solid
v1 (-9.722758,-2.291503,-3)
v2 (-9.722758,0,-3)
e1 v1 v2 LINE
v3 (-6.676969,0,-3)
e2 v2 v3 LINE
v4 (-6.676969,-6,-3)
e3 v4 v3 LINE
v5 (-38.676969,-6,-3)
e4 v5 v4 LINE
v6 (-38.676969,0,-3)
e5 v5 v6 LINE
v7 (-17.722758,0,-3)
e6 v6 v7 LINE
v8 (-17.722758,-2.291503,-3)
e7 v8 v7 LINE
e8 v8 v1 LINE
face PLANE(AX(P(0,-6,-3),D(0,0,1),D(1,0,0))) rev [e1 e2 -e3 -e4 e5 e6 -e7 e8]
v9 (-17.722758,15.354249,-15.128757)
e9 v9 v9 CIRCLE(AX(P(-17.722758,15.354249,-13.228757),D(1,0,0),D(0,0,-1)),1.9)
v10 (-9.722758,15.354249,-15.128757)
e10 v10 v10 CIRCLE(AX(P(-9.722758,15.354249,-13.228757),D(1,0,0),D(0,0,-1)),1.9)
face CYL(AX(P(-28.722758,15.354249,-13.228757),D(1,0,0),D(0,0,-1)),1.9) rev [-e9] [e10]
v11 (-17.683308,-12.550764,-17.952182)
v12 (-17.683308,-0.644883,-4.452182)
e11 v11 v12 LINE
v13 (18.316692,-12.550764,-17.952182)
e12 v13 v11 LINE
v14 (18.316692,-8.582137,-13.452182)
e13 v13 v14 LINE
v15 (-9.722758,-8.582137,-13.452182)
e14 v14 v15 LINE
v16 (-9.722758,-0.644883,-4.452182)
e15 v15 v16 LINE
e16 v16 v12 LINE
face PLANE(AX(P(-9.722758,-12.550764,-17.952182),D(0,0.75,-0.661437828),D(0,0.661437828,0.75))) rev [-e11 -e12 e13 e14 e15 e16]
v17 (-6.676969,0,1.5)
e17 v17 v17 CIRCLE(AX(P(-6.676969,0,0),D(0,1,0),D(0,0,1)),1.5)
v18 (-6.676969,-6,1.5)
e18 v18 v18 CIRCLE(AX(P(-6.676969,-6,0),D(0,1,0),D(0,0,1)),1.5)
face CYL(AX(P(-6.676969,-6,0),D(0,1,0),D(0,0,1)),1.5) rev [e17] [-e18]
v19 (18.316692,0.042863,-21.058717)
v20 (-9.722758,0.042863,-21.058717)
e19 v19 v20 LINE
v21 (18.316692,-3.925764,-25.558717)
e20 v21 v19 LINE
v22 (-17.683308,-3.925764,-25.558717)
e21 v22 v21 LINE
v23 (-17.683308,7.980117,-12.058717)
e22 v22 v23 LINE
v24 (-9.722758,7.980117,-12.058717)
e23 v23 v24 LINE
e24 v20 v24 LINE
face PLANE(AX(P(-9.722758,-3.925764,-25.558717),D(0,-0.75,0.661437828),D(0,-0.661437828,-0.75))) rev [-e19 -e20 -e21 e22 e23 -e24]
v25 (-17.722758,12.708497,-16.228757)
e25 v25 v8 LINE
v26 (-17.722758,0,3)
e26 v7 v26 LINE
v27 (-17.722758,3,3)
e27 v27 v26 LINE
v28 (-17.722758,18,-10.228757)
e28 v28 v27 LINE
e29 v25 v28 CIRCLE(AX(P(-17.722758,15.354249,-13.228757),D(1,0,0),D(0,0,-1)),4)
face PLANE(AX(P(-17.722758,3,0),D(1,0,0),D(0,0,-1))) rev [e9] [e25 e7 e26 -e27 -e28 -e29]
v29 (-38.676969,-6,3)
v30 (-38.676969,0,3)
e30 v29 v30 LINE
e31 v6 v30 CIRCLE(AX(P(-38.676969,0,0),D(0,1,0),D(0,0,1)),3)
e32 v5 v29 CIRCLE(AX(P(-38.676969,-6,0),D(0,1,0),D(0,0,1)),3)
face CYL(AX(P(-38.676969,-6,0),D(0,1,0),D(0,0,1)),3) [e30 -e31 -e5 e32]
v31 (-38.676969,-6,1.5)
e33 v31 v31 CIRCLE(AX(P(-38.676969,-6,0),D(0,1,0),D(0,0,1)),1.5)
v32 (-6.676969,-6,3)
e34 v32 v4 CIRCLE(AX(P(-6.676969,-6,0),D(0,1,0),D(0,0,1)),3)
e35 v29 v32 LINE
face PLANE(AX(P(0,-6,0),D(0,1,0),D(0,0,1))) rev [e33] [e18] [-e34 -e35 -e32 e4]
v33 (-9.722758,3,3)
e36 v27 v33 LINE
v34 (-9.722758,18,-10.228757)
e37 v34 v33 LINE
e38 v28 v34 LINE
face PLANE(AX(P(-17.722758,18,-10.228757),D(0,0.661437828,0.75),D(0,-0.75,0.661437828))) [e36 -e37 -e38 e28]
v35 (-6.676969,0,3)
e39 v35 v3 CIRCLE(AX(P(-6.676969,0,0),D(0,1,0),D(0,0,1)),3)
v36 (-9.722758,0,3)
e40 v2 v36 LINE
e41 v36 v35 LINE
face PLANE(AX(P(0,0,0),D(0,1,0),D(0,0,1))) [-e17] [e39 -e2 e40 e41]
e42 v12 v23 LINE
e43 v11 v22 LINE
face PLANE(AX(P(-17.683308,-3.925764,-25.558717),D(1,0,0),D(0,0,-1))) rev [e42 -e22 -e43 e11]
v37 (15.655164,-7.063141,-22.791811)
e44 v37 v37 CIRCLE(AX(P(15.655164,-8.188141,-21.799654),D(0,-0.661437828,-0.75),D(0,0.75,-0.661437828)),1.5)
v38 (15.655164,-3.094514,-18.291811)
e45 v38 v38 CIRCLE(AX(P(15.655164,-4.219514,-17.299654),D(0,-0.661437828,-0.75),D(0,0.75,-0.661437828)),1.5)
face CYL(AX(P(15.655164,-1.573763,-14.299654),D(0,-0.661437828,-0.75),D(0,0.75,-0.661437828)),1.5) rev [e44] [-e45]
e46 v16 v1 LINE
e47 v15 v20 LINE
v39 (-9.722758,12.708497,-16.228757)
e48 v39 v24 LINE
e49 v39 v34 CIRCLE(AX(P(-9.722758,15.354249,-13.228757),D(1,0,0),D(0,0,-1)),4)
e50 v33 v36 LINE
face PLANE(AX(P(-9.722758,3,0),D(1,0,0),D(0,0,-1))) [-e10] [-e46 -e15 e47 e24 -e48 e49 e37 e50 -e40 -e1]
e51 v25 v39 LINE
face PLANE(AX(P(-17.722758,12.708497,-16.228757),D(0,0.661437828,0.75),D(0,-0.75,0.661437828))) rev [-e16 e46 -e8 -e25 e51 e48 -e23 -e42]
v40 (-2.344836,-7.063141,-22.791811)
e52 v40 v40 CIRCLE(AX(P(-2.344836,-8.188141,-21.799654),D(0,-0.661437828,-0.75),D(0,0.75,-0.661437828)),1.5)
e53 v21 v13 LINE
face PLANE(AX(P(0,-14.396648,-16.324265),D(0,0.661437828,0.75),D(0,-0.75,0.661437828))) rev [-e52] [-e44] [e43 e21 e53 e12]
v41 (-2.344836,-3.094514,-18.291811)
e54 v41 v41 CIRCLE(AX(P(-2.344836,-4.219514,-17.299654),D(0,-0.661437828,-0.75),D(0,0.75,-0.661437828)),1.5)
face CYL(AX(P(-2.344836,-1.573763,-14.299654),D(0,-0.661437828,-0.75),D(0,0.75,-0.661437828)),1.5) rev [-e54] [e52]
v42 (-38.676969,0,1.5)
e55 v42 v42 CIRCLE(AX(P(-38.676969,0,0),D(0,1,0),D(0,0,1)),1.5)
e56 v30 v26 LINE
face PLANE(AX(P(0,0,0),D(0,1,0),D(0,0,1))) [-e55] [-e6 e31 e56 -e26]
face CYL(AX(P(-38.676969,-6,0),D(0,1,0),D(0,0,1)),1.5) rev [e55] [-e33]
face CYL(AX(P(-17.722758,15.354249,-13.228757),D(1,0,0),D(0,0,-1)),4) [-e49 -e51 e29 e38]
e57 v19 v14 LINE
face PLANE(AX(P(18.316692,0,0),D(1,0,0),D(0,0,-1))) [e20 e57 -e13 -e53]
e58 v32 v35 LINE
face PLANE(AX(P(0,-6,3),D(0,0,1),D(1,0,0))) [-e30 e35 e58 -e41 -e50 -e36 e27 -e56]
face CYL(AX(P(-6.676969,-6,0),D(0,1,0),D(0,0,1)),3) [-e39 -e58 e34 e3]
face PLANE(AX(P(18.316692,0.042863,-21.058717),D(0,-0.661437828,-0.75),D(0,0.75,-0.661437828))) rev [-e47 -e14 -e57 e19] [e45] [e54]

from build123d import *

# Parameters (mm, degrees)
SKETCH_1_R          = 1.5
EXTRUDE_2_DEPTH     = 6
SKETCH_1_4_W        = 8
SKETCH_1_4_H        = 6
EXTRUDE_3_DEPTH     = 3
EXTRUDE_28_DEPTH    = 8
SKETCH_4_W          = 7.960549586
SKETCH_4_H          = 11.5
EXTRUDE_29_DEPTH    = 18
EXTRUDE_30_DEPTH    = 36
SKETCH_8_R          = 1.9
CUT_EXTRUDE_2_DEPTH = 19
SKETCH_7_R          = 1.5
CUT_EXTRUDE_3_DEPTH = 10


with BuildPart() as part:
    # 草圖1 → 填料-伸長2 (new body)
    with BuildSketch(Plane(origin=(0, 0, 0), x_dir=(1, 0, 0), z_dir=(0, 1, 0))):
        with BuildLine():
            Line((-38.676968887, -3), (-6.676968887, -3))
            ThreePointArc((-6.676968887, -3), (-3.676968887, 0), (-6.676968887, 3))
            Line((-6.676968887, 3), (-38.676968887, 3))
            ThreePointArc((-38.676968887, 3), (-41.676968887, 0), (-38.676968887, -3))
        make_face()
        with Locations((-38.676968887, 0)):
            Circle(SKETCH_1_R, mode=Mode.SUBTRACT)
        with Locations((-6.676968887, 0)):
            Circle(SKETCH_1_R, mode=Mode.SUBTRACT)
    extrude(amount=-EXTRUDE_2_DEPTH)

    # 草圖1<4> → 填料-伸長3 (add)
    with BuildSketch(Plane(origin=(0, 0, 0), x_dir=(1, 0, 0), z_dir=(0, 1, 0))):
        with Locations((-13.722758256, 0)):
            Rectangle(SKETCH_1_4_W, SKETCH_1_4_H)
    extrude(amount=EXTRUDE_3_DEPTH)

    # 草圖3 → 填料-伸長28 (add)
    with BuildSketch(Plane(origin=(-9.722758256, 0, 0), x_dir=(0, 0, -1), z_dir=(1, 0, 0))):
        with BuildLine():
            Line((3, -2.291502622), (16.228756555, 12.708497378))
            ThreePointArc((16.228756555, 12.708497378), (15.874507866, 18.354248689), (10.228756555, 18))
            Line((10.228756555, 18), (-3, 3))
            Line((-3, 3), (3, -2.291502622))
        make_face()
    extrude(amount=-EXTRUDE_28_DEPTH)

    # 草圖4 → 填料-伸長29 (add)
    with BuildSketch(Plane(origin=(0, -2.49076751, -2.824264888), x_dir=(-1, 0, 0), z_dir=(0, -0.6614378277661491, -0.7499999999999987))):
        with Locations((13.703033049, 8.211179299)):
            Rectangle(SKETCH_4_W, SKETCH_4_H)
    extrude(amount=EXTRUDE_29_DEPTH)

    # 草圖6 → 填料-伸長30 (add)
    with BuildSketch(Plane.ZY.offset(17.683307842)):
        Polygon((-25.558716996, -3.925763935), (-17.952181977, -12.550763935), (-13.452181977, -8.582136969), (-21.058716996, 0.042863031), align=None)
    extrude(amount=-EXTRUDE_30_DEPTH)

    # 草圖8 → 除料-伸長2 (cut)
    with BuildSketch(Plane(origin=(-9.722758256, 0, 0), x_dir=(0, 0, -1), z_dir=(1, 0, 0))):
        with Locations((13.228756555, 15.354248689)):
            Circle(SKETCH_8_R)
    extrude(amount=-CUT_EXTRUDE_2_DEPTH, mode=Mode.SUBTRACT)

    # 草圖7 → 除料-伸長3 (cut)
    with BuildSketch(Plane(origin=(0, -14.396648409, -16.324264888), x_dir=(-1, 0, 0), z_dir=(0, -0.6614378277661491, -0.7499999999999987))):
        with Locations((2.344835531, 8.278010001)):
            Circle(SKETCH_7_R)
        with Locations((-15.655164469, 8.278010001)):
            Circle(SKETCH_7_R)
    extrude(amount=-CUT_EXTRUDE_3_DEPTH, mode=Mode.SUBTRACT)


solid = part.part
